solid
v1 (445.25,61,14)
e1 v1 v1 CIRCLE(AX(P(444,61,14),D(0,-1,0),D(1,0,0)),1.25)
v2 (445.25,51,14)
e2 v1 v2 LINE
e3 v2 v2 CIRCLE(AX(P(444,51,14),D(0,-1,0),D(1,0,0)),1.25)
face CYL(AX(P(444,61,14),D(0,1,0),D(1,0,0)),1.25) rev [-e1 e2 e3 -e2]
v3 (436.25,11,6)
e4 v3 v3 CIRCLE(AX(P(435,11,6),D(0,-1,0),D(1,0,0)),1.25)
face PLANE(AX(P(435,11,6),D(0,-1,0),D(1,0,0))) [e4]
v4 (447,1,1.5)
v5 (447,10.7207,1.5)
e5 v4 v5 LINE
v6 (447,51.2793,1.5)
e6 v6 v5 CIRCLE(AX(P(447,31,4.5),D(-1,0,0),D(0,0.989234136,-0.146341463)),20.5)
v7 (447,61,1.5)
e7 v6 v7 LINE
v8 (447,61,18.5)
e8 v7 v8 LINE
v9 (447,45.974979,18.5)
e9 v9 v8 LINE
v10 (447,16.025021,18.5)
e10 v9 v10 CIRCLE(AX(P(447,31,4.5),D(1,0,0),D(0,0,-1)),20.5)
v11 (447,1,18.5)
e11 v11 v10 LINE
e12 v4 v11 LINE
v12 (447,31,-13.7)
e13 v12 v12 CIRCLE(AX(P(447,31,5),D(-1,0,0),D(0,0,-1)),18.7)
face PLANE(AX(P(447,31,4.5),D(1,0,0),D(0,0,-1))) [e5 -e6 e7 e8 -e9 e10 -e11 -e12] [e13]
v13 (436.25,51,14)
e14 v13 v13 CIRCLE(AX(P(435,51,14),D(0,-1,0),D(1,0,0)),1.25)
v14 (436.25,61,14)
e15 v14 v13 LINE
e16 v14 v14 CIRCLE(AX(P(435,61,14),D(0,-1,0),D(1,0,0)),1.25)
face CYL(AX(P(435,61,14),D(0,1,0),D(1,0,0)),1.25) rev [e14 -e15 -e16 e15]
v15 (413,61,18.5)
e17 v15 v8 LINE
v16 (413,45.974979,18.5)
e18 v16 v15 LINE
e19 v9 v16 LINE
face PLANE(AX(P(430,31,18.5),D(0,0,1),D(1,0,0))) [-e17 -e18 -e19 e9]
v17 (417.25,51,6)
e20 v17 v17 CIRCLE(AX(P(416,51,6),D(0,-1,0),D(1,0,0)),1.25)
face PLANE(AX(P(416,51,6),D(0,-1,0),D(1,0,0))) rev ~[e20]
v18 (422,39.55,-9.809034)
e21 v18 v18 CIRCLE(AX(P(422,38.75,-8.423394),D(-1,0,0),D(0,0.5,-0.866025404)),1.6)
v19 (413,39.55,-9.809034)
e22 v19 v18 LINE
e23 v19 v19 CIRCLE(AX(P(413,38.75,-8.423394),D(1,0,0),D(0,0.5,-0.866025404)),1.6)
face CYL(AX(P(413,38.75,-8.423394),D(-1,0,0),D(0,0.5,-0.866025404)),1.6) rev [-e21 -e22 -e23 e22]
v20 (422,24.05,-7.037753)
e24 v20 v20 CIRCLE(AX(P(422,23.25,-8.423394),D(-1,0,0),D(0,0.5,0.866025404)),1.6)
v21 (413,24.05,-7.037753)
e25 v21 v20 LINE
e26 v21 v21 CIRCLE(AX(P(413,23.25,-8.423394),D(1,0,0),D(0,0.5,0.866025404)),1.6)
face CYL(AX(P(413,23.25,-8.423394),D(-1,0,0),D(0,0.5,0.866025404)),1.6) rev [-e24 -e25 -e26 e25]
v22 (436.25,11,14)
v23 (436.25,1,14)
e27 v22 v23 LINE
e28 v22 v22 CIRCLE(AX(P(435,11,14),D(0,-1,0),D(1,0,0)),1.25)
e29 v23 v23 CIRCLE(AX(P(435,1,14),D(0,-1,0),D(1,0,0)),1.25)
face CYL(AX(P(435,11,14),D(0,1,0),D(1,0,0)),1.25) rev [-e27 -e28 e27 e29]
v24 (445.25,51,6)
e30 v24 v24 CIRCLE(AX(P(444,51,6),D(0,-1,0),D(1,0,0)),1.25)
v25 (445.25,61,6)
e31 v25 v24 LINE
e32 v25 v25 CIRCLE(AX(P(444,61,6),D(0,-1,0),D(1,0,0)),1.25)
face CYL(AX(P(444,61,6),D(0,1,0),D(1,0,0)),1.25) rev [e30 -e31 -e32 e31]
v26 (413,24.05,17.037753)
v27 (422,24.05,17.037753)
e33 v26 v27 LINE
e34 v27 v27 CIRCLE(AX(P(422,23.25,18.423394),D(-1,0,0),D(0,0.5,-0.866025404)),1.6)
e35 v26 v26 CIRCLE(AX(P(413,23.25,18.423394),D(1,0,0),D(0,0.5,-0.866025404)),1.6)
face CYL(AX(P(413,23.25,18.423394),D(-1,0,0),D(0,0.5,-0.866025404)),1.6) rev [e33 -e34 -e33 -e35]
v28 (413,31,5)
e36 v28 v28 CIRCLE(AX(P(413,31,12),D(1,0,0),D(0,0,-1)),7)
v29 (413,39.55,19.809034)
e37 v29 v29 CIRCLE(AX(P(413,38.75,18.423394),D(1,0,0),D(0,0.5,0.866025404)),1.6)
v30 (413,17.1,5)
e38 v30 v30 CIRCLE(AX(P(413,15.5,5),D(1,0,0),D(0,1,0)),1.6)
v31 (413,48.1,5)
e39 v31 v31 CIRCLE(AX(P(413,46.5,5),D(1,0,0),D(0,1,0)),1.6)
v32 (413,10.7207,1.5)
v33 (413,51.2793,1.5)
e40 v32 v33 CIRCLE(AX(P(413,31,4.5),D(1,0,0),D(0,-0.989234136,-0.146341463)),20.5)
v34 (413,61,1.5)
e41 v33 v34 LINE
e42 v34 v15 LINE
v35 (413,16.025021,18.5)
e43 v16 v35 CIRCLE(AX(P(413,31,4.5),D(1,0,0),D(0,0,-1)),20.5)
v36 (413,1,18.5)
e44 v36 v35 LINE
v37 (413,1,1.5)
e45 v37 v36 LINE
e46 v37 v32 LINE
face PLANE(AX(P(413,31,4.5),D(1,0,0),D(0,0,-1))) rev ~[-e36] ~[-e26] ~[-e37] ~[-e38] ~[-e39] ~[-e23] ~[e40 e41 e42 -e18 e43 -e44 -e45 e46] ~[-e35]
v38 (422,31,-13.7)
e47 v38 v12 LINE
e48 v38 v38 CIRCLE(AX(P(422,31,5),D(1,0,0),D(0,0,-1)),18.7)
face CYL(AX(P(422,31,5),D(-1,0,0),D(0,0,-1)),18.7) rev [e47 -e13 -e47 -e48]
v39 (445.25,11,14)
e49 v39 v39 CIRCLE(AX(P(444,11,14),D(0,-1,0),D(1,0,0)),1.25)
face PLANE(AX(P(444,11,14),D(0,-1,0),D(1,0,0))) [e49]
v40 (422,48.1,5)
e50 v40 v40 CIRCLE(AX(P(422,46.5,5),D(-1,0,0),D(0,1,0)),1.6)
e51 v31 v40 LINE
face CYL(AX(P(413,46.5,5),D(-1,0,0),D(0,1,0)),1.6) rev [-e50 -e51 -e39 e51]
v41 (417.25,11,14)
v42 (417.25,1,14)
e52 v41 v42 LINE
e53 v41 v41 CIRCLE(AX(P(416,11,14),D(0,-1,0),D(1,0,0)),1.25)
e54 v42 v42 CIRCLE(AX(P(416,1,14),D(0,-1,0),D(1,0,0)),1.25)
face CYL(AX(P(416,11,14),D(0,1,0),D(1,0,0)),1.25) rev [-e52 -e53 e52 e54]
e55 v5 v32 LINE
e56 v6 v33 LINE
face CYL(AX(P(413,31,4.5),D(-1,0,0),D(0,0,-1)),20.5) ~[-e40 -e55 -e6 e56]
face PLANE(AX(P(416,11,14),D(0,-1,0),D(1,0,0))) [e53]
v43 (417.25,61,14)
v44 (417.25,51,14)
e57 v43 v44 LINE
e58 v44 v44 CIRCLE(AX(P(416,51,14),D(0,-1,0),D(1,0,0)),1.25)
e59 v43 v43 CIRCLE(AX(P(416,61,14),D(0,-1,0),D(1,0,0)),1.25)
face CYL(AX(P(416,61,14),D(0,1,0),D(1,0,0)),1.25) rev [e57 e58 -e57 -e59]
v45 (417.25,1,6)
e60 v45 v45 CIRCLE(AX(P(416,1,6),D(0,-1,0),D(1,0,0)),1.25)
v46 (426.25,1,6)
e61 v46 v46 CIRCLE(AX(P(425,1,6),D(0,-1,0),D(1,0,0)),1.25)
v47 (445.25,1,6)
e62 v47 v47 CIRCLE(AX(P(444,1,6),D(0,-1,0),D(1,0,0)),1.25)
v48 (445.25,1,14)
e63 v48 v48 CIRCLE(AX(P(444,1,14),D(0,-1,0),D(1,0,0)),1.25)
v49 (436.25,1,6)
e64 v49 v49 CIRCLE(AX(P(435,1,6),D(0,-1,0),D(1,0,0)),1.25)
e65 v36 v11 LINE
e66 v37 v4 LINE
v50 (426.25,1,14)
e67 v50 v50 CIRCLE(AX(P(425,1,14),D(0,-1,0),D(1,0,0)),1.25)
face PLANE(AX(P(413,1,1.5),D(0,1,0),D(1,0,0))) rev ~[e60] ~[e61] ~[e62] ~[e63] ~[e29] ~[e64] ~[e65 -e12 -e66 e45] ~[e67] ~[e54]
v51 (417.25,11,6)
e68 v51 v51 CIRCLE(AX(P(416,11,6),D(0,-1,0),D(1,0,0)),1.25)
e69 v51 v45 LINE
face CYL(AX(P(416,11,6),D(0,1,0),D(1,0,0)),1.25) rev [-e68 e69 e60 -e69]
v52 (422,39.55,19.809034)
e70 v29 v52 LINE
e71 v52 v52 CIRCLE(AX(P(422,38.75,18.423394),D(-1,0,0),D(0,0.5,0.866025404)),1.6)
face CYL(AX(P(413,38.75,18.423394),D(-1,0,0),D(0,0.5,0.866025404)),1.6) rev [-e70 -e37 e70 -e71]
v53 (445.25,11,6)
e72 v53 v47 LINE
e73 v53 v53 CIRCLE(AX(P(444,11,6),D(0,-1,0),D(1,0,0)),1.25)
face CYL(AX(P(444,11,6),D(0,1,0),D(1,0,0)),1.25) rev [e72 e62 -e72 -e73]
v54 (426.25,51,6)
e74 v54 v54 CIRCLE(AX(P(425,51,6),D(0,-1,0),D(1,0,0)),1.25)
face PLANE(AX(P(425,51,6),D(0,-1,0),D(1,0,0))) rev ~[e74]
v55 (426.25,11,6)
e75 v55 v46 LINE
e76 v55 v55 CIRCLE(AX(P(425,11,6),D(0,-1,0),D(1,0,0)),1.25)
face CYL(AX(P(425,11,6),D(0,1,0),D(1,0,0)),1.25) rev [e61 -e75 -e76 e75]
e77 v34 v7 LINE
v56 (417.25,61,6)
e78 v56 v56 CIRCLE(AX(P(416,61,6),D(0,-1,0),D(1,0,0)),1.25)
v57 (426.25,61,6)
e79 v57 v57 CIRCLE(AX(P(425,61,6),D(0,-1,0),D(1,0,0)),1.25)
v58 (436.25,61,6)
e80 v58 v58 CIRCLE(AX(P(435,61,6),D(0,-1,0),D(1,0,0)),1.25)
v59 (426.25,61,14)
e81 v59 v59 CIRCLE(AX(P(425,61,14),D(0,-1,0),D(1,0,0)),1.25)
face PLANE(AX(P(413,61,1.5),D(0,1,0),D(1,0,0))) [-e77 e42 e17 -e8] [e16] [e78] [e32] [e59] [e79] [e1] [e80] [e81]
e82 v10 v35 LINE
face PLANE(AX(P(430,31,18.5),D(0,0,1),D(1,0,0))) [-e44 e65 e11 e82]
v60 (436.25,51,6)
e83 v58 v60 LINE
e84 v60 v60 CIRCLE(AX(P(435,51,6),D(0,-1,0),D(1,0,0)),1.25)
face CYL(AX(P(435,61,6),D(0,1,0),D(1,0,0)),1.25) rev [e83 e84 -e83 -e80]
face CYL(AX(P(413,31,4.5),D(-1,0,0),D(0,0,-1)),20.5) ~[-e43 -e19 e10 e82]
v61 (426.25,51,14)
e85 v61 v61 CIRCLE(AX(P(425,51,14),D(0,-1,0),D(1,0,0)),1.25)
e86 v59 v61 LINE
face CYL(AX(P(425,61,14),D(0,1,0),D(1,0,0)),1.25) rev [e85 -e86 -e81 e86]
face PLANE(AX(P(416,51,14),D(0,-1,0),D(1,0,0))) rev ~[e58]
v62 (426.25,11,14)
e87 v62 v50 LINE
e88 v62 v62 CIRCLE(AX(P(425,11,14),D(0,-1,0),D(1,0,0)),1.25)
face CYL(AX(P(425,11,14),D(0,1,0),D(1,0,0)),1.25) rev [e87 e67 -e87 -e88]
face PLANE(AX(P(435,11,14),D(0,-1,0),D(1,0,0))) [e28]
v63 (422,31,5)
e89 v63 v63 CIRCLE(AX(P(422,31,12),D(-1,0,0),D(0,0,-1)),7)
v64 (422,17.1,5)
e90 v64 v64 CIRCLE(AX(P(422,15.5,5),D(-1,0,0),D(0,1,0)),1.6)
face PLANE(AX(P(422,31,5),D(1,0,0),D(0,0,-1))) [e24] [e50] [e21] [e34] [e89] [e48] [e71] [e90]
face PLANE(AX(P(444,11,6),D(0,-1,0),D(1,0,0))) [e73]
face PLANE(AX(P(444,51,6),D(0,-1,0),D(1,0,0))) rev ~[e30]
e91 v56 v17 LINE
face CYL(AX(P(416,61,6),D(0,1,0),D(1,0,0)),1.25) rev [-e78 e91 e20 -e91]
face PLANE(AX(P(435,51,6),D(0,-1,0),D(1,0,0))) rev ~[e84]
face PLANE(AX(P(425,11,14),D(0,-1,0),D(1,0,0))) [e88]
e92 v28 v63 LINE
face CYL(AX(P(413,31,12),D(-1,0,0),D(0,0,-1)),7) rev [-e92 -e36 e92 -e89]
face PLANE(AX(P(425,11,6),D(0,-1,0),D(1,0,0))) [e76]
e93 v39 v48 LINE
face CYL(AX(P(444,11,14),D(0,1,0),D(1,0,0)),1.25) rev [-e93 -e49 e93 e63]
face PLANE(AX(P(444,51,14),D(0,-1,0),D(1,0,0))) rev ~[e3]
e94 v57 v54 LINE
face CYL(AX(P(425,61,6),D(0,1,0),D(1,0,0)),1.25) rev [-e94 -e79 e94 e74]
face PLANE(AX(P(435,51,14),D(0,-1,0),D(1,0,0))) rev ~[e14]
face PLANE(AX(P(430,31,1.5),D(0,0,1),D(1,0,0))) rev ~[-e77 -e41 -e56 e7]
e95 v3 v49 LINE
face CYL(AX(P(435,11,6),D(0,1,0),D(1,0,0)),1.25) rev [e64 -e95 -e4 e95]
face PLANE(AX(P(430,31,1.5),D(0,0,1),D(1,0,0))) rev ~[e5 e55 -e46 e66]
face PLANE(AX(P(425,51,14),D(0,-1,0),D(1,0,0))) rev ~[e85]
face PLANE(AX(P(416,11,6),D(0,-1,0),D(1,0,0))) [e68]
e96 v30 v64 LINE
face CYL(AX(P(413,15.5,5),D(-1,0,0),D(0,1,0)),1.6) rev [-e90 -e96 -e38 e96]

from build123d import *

# Parameters (mm, degrees)
CYLINDER341_R             = 1.25
CYLINDER341_DEPTH         = 10
CYLINDER342_R             = 1.25
CYLINDER342_DEPTH         = 10
CYLINDER343_R             = 1.25
CYLINDER343_DEPTH         = 10
CYLINDER344_R             = 1.25
CYLINDER344_DEPTH         = 10
CYLINDER346_R             = 1.25
CYLINDER346_DEPTH         = 10
CYLINDER345_R             = 1.25
CYLINDER345_DEPTH         = 10
CYLINDER339_R             = 1.25
CYLINDER339_DEPTH         = 10
CYLINDER340_R             = 1.25
CYLINDER340_DEPTH         = 10
BOX234_W                  = 10
BOX234_H                  = 10
BOX234_DEPTH              = 10
CYLINDER335_R             = 1.6
CYLINDER335_DEPTH         = 10
CYLINDER336_R             = 1.6
CYLINDER336_DEPTH         = 10
FUSION285_PLACEMENT_ANGLE = 120
CYLINDER338_R             = 1.6
CYLINDER338_DEPTH         = 10
CYLINDER337_R             = 1.6
CYLINDER337_DEPTH         = 10
CYLINDER333_R             = 1.6
CYLINDER333_DEPTH         = 10
CYLINDER334_R             = 1.6
CYLINDER334_DEPTH         = 10
FUSION284_PLACEMENT_ANGLE = 60
FUSION287_PLACEMENT_ANGLE = 30
CUT242_PLACEMENT_ANGLE    = 90
CYLINDER332_R             = 18.7
CYLINDER332_DEPTH         = 75
CYLINDER331_R             = 7
CYLINDER331_DEPTH         = 10
CYLINDER330_R             = 20.5
CYLINDER330_DEPTH         = 34
BOX233_W                  = 34
BOX233_H                  = 60
BOX233_DEPTH              = 17


with BuildPart() as cylinder341:
    # Cylinder341 → Cylinder341 (new body)
    with BuildSketch(Plane(origin=(87.5, 61, 14), x_dir=(1, 0, 0), z_dir=(0, -1, 0))):
        Circle(CYLINDER341_R)
    extrude(amount=CYLINDER341_DEPTH)


with BuildPart() as cylinder342:
    # Cylinder342 → Cylinder342 (new body)
    with BuildSketch(Plane(origin=(87.5, 11, 14), x_dir=(1, 0, 0), z_dir=(0, -1, 0))):
        Circle(CYLINDER342_R)
    extrude(amount=CYLINDER342_DEPTH)


with BuildPart() as fusion295:
    # Fusion295 base: copy of Cylinder342
    add(cylinder342.part)

    # Fusion295: union Cylinder341
    add(cylinder341.part)


with BuildPart() as fusion295_1:
    # Fusion295 placement: moved
    add(fusion295.part.moved(Location((251.5, 0, 0))))


with BuildPart() as cylinder343:
    # Cylinder343 → Cylinder343 (new body)
    with BuildSketch(Plane(origin=(87.5, 61, 14), x_dir=(1, 0, 0), z_dir=(0, -1, 0))):
        Circle(CYLINDER343_R)
    extrude(amount=CYLINDER343_DEPTH)


with BuildPart() as cylinder344:
    # Cylinder344 → Cylinder344 (new body)
    with BuildSketch(Plane(origin=(87.5, 11, 14), x_dir=(1, 0, 0), z_dir=(0, -1, 0))):
        Circle(CYLINDER344_R)
    extrude(amount=CYLINDER344_DEPTH)


with BuildPart() as fusion296:
    # Fusion296 base: copy of Cylinder344
    add(cylinder344.part)

    # Fusion296: union Cylinder343
    add(cylinder343.part)


with BuildPart() as fusion296_1:
    # Fusion296 placement: moved
    add(fusion296.part.moved(Location((261.5, 0, 0))))


with BuildPart() as cylinder346:
    # Cylinder346 → Cylinder346 (new body)
    with BuildSketch(Plane(origin=(87.5, 61, 14), x_dir=(1, 0, 0), z_dir=(0, -1, 0))):
        Circle(CYLINDER346_R)
    extrude(amount=CYLINDER346_DEPTH)


with BuildPart() as cylinder345:
    # Cylinder345 → Cylinder345 (new body)
    with BuildSketch(Plane(origin=(87.5, 11, 14), x_dir=(1, 0, 0), z_dir=(0, -1, 0))):
        Circle(CYLINDER345_R)
    extrude(amount=CYLINDER345_DEPTH)


with BuildPart() as fusion294:
    # Fusion294 base: copy of Cylinder345
    add(cylinder345.part)

    # Fusion294: union Cylinder346
    add(cylinder346.part)


with BuildPart() as fusion294_1:
    # Fusion294 placement: moved
    add(fusion294.part.moved(Location((270.5, 0, 0))))


with BuildPart() as cylinder339:
    # Cylinder339 → Cylinder339 (new body)
    with BuildSketch(Plane(origin=(87.5, 61, 14), x_dir=(1, 0, 0), z_dir=(0, -1, 0))):
        Circle(CYLINDER339_R)
    extrude(amount=CYLINDER339_DEPTH)


with BuildPart() as cylinder340:
    # Cylinder340 → Cylinder340 (new body)
    with BuildSketch(Plane(origin=(87.5, 11, 14), x_dir=(1, 0, 0), z_dir=(0, -1, 0))):
        Circle(CYLINDER340_R)
    extrude(amount=CYLINDER340_DEPTH)


with BuildPart() as fusion293:
    # Fusion297 base: copy of Cylinder340
    add(cylinder340.part)

    # Fusion297: union Cylinder339
    add(cylinder339.part)


with BuildPart() as fusion293_1:
    # Fusion297 placement: moved
    add(fusion293.part.moved(Location((242.5, 0, 0))))

    # Fusion293: union Fusion295, Fusion296, Fusion294
    add(fusion295_1.part)
    add(fusion296_1.part)
    add(fusion294_1.part)


with BuildPart() as fusion293_2:
    # Fusion293 placement: moved
    add(fusion293_1.part.moved(Location((0, 0, -8))))


with BuildPart() as fusion289:
    # Fusion289 base: copy of Cylinder342
    add(cylinder342.part)

    # Fusion289: union Cylinder341
    add(cylinder341.part)


with BuildPart() as fusion289_1:
    # Fusion289 placement: moved
    add(fusion289.part.moved(Location((251.5, 0, 0))))


with BuildPart() as fusion290:
    # Fusion290 base: copy of Cylinder344
    add(cylinder344.part)

    # Fusion290: union Cylinder343
    add(cylinder343.part)


with BuildPart() as fusion290_1:
    # Fusion290 placement: moved
    add(fusion290.part.moved(Location((261.5, 0, 0))))


with BuildPart() as fusion291:
    # Fusion291 base: copy of Cylinder345
    add(cylinder345.part)

    # Fusion291: union Cylinder346
    add(cylinder346.part)


with BuildPart() as fusion291_1:
    # Fusion291 placement: moved
    add(fusion291.part.moved(Location((270.5, 0, 0))))


with BuildPart() as fusion298:
    # Fusion288 base: copy of Cylinder340
    add(cylinder340.part)

    # Fusion288: union Cylinder339
    add(cylinder339.part)


with BuildPart() as fusion298_1:
    # Fusion288 placement: moved
    add(fusion298.part.moved(Location((242.5, 0, 0))))

    # Fusion292: union Fusion289, Fusion290, Fusion291
    add(fusion289_1.part)
    add(fusion290_1.part)
    add(fusion291_1.part)

    # Fusion298: union Fusion293
    add(fusion293_2.part)


with BuildPart() as cube314:
    # Box234 → Box234 (new body)
    with BuildSketch(Plane.XY):
        with Locations((5, 5)):
            Rectangle(BOX234_W, BOX234_H)
    extrude(amount=BOX234_DEPTH)


with BuildPart() as cylinder335:
    # Cylinder335 → Cylinder335 (new body)
    with BuildSketch(Plane(origin=(15.5, 0, 0), x_dir=(1, 0, 0), z_dir=(0, 0, 1))):
        Circle(CYLINDER335_R)
    extrude(amount=CYLINDER335_DEPTH)


with BuildPart() as fusion285:
    # Cylinder336 → Cylinder336 (new body)
    with BuildSketch(Plane(origin=(-15.5, 0, 0), x_dir=(1, 0, 0), z_dir=(0, 0, 1))):
        Circle(CYLINDER336_R)
    extrude(amount=CYLINDER336_DEPTH)

    # Fusion285: union Cylinder335
    add(cylinder335.part)


with BuildPart() as fusion285_1:
    # Fusion285 placement: moved
    add(fusion285.part.rotate(Axis((0, 0, 0), (0, 0, 1)), FUSION285_PLACEMENT_ANGLE))


with BuildPart() as cylinder338:
    # Cylinder338 → Cylinder338 (new body)
    with BuildSketch(Plane(origin=(15.5, 0, 0), x_dir=(1, 0, 0), z_dir=(0, 0, 1))):
        Circle(CYLINDER338_R)
    extrude(amount=CYLINDER338_DEPTH)


with BuildPart() as fusion286:
    # Cylinder337 → Cylinder337 (new body)
    with BuildSketch(Plane(origin=(-15.5, 0, 0), x_dir=(1, 0, 0), z_dir=(0, 0, 1))):
        Circle(CYLINDER337_R)
    extrude(amount=CYLINDER337_DEPTH)

    # Fusion286: union Cylinder338
    add(cylinder338.part)


with BuildPart() as cylinder333:
    # Cylinder333 → Cylinder333 (new body)
    with BuildSketch(Plane(origin=(15.5, 0, 0), x_dir=(1, 0, 0), z_dir=(0, 0, 1))):
        Circle(CYLINDER333_R)
    extrude(amount=CYLINDER333_DEPTH)


with BuildPart() as holes002:
    # Cylinder334 → Cylinder334 (new body)
    with BuildSketch(Plane(origin=(-15.5, 0, 0), x_dir=(1, 0, 0), z_dir=(0, 0, 1))):
        Circle(CYLINDER334_R)
    extrude(amount=CYLINDER334_DEPTH)

    # Fusion284: union Cylinder333
    add(cylinder333.part)


with BuildPart() as holes002_1:
    # Fusion284 placement: moved
    add(holes002.part.rotate(Axis((0, 0, 0), (0, 0, 1)), FUSION284_PLACEMENT_ANGLE))

    # Fusion287: union Fusion285, Fusion286
    add(fusion285_1.part)
    add(fusion286.part)


with BuildPart() as holes002_2:
    # Fusion287 placement: moved
    add(holes002_1.part.rotate(Axis((0, 0, 0), (0, 0, 1)), FUSION287_PLACEMENT_ANGLE))

    # Cut242: cut Cube314
    add(cube314.part, mode=Mode.SUBTRACT)


with BuildPart() as holes002_3:
    # Cut242 placement: moved
    add(holes002_2.part.moved(Location((327, 31, 5))).rotate(Axis((327, 31, 5), (0, 1, 0)), CUT242_PLACEMENT_ANGLE))


with BuildPart() as cylinder332:
    # Cylinder332 → Cylinder332 (new body)
    with BuildSketch(Plane(origin=(336, 31, 5), x_dir=(0, 0, -1), z_dir=(1, 0, 0))):
        Circle(CYLINDER332_R)
    extrude(amount=CYLINDER332_DEPTH)


with BuildPart() as cylinder331:
    # Cylinder331 → Cylinder331 (new body)
    with BuildSketch(Plane(origin=(327, 31, 12), x_dir=(0, 0, -1), z_dir=(1, 0, 0))):
        Circle(CYLINDER331_R)
    extrude(amount=CYLINDER331_DEPTH)


with BuildPart() as cylinder330:
    # Cylinder330 → Cylinder330 (new body)
    with BuildSketch(Plane(origin=(326, 31, 4.5), x_dir=(0, 0, -1), z_dir=(1, 0, 0))):
        Circle(CYLINDER330_R)
    extrude(amount=CYLINDER330_DEPTH)


with BuildPart() as motor_support001:
    # Box233 → Box233 (new body)
    with BuildSketch(Plane(origin=(326, 1, 1.5), x_dir=(1, 0, 0), z_dir=(0, 0, 1))):
        with Locations((17, 30)):
            Rectangle(BOX233_W, BOX233_H)
    extrude(amount=BOX233_DEPTH)

    # Fusion283: union Cylinder330
    add(cylinder330.part)


with BuildPart() as motor_support001_1:
    # Fusion283 placement: moved
    add(motor_support001.part.moved(Location((1, 0, 0))))

    # Cut240: cut Cylinder331
    add(cylinder331.part, mode=Mode.SUBTRACT)

    # Cut241: cut Cylinder332
    add(cylinder332.part, mode=Mode.SUBTRACT)

    # Cut243: cut holes002
    add(holes002_3.part, mode=Mode.SUBTRACT)

    # Cut244: cut Fusion298
    add(fusion298_1.part, mode=Mode.SUBTRACT)


with BuildPart() as motor_support001_2:
    # Cut244 placement: moved
    add(motor_support001_1.part.moved(Location((86, 0, 0))))


solid = motor_support001_2.part
